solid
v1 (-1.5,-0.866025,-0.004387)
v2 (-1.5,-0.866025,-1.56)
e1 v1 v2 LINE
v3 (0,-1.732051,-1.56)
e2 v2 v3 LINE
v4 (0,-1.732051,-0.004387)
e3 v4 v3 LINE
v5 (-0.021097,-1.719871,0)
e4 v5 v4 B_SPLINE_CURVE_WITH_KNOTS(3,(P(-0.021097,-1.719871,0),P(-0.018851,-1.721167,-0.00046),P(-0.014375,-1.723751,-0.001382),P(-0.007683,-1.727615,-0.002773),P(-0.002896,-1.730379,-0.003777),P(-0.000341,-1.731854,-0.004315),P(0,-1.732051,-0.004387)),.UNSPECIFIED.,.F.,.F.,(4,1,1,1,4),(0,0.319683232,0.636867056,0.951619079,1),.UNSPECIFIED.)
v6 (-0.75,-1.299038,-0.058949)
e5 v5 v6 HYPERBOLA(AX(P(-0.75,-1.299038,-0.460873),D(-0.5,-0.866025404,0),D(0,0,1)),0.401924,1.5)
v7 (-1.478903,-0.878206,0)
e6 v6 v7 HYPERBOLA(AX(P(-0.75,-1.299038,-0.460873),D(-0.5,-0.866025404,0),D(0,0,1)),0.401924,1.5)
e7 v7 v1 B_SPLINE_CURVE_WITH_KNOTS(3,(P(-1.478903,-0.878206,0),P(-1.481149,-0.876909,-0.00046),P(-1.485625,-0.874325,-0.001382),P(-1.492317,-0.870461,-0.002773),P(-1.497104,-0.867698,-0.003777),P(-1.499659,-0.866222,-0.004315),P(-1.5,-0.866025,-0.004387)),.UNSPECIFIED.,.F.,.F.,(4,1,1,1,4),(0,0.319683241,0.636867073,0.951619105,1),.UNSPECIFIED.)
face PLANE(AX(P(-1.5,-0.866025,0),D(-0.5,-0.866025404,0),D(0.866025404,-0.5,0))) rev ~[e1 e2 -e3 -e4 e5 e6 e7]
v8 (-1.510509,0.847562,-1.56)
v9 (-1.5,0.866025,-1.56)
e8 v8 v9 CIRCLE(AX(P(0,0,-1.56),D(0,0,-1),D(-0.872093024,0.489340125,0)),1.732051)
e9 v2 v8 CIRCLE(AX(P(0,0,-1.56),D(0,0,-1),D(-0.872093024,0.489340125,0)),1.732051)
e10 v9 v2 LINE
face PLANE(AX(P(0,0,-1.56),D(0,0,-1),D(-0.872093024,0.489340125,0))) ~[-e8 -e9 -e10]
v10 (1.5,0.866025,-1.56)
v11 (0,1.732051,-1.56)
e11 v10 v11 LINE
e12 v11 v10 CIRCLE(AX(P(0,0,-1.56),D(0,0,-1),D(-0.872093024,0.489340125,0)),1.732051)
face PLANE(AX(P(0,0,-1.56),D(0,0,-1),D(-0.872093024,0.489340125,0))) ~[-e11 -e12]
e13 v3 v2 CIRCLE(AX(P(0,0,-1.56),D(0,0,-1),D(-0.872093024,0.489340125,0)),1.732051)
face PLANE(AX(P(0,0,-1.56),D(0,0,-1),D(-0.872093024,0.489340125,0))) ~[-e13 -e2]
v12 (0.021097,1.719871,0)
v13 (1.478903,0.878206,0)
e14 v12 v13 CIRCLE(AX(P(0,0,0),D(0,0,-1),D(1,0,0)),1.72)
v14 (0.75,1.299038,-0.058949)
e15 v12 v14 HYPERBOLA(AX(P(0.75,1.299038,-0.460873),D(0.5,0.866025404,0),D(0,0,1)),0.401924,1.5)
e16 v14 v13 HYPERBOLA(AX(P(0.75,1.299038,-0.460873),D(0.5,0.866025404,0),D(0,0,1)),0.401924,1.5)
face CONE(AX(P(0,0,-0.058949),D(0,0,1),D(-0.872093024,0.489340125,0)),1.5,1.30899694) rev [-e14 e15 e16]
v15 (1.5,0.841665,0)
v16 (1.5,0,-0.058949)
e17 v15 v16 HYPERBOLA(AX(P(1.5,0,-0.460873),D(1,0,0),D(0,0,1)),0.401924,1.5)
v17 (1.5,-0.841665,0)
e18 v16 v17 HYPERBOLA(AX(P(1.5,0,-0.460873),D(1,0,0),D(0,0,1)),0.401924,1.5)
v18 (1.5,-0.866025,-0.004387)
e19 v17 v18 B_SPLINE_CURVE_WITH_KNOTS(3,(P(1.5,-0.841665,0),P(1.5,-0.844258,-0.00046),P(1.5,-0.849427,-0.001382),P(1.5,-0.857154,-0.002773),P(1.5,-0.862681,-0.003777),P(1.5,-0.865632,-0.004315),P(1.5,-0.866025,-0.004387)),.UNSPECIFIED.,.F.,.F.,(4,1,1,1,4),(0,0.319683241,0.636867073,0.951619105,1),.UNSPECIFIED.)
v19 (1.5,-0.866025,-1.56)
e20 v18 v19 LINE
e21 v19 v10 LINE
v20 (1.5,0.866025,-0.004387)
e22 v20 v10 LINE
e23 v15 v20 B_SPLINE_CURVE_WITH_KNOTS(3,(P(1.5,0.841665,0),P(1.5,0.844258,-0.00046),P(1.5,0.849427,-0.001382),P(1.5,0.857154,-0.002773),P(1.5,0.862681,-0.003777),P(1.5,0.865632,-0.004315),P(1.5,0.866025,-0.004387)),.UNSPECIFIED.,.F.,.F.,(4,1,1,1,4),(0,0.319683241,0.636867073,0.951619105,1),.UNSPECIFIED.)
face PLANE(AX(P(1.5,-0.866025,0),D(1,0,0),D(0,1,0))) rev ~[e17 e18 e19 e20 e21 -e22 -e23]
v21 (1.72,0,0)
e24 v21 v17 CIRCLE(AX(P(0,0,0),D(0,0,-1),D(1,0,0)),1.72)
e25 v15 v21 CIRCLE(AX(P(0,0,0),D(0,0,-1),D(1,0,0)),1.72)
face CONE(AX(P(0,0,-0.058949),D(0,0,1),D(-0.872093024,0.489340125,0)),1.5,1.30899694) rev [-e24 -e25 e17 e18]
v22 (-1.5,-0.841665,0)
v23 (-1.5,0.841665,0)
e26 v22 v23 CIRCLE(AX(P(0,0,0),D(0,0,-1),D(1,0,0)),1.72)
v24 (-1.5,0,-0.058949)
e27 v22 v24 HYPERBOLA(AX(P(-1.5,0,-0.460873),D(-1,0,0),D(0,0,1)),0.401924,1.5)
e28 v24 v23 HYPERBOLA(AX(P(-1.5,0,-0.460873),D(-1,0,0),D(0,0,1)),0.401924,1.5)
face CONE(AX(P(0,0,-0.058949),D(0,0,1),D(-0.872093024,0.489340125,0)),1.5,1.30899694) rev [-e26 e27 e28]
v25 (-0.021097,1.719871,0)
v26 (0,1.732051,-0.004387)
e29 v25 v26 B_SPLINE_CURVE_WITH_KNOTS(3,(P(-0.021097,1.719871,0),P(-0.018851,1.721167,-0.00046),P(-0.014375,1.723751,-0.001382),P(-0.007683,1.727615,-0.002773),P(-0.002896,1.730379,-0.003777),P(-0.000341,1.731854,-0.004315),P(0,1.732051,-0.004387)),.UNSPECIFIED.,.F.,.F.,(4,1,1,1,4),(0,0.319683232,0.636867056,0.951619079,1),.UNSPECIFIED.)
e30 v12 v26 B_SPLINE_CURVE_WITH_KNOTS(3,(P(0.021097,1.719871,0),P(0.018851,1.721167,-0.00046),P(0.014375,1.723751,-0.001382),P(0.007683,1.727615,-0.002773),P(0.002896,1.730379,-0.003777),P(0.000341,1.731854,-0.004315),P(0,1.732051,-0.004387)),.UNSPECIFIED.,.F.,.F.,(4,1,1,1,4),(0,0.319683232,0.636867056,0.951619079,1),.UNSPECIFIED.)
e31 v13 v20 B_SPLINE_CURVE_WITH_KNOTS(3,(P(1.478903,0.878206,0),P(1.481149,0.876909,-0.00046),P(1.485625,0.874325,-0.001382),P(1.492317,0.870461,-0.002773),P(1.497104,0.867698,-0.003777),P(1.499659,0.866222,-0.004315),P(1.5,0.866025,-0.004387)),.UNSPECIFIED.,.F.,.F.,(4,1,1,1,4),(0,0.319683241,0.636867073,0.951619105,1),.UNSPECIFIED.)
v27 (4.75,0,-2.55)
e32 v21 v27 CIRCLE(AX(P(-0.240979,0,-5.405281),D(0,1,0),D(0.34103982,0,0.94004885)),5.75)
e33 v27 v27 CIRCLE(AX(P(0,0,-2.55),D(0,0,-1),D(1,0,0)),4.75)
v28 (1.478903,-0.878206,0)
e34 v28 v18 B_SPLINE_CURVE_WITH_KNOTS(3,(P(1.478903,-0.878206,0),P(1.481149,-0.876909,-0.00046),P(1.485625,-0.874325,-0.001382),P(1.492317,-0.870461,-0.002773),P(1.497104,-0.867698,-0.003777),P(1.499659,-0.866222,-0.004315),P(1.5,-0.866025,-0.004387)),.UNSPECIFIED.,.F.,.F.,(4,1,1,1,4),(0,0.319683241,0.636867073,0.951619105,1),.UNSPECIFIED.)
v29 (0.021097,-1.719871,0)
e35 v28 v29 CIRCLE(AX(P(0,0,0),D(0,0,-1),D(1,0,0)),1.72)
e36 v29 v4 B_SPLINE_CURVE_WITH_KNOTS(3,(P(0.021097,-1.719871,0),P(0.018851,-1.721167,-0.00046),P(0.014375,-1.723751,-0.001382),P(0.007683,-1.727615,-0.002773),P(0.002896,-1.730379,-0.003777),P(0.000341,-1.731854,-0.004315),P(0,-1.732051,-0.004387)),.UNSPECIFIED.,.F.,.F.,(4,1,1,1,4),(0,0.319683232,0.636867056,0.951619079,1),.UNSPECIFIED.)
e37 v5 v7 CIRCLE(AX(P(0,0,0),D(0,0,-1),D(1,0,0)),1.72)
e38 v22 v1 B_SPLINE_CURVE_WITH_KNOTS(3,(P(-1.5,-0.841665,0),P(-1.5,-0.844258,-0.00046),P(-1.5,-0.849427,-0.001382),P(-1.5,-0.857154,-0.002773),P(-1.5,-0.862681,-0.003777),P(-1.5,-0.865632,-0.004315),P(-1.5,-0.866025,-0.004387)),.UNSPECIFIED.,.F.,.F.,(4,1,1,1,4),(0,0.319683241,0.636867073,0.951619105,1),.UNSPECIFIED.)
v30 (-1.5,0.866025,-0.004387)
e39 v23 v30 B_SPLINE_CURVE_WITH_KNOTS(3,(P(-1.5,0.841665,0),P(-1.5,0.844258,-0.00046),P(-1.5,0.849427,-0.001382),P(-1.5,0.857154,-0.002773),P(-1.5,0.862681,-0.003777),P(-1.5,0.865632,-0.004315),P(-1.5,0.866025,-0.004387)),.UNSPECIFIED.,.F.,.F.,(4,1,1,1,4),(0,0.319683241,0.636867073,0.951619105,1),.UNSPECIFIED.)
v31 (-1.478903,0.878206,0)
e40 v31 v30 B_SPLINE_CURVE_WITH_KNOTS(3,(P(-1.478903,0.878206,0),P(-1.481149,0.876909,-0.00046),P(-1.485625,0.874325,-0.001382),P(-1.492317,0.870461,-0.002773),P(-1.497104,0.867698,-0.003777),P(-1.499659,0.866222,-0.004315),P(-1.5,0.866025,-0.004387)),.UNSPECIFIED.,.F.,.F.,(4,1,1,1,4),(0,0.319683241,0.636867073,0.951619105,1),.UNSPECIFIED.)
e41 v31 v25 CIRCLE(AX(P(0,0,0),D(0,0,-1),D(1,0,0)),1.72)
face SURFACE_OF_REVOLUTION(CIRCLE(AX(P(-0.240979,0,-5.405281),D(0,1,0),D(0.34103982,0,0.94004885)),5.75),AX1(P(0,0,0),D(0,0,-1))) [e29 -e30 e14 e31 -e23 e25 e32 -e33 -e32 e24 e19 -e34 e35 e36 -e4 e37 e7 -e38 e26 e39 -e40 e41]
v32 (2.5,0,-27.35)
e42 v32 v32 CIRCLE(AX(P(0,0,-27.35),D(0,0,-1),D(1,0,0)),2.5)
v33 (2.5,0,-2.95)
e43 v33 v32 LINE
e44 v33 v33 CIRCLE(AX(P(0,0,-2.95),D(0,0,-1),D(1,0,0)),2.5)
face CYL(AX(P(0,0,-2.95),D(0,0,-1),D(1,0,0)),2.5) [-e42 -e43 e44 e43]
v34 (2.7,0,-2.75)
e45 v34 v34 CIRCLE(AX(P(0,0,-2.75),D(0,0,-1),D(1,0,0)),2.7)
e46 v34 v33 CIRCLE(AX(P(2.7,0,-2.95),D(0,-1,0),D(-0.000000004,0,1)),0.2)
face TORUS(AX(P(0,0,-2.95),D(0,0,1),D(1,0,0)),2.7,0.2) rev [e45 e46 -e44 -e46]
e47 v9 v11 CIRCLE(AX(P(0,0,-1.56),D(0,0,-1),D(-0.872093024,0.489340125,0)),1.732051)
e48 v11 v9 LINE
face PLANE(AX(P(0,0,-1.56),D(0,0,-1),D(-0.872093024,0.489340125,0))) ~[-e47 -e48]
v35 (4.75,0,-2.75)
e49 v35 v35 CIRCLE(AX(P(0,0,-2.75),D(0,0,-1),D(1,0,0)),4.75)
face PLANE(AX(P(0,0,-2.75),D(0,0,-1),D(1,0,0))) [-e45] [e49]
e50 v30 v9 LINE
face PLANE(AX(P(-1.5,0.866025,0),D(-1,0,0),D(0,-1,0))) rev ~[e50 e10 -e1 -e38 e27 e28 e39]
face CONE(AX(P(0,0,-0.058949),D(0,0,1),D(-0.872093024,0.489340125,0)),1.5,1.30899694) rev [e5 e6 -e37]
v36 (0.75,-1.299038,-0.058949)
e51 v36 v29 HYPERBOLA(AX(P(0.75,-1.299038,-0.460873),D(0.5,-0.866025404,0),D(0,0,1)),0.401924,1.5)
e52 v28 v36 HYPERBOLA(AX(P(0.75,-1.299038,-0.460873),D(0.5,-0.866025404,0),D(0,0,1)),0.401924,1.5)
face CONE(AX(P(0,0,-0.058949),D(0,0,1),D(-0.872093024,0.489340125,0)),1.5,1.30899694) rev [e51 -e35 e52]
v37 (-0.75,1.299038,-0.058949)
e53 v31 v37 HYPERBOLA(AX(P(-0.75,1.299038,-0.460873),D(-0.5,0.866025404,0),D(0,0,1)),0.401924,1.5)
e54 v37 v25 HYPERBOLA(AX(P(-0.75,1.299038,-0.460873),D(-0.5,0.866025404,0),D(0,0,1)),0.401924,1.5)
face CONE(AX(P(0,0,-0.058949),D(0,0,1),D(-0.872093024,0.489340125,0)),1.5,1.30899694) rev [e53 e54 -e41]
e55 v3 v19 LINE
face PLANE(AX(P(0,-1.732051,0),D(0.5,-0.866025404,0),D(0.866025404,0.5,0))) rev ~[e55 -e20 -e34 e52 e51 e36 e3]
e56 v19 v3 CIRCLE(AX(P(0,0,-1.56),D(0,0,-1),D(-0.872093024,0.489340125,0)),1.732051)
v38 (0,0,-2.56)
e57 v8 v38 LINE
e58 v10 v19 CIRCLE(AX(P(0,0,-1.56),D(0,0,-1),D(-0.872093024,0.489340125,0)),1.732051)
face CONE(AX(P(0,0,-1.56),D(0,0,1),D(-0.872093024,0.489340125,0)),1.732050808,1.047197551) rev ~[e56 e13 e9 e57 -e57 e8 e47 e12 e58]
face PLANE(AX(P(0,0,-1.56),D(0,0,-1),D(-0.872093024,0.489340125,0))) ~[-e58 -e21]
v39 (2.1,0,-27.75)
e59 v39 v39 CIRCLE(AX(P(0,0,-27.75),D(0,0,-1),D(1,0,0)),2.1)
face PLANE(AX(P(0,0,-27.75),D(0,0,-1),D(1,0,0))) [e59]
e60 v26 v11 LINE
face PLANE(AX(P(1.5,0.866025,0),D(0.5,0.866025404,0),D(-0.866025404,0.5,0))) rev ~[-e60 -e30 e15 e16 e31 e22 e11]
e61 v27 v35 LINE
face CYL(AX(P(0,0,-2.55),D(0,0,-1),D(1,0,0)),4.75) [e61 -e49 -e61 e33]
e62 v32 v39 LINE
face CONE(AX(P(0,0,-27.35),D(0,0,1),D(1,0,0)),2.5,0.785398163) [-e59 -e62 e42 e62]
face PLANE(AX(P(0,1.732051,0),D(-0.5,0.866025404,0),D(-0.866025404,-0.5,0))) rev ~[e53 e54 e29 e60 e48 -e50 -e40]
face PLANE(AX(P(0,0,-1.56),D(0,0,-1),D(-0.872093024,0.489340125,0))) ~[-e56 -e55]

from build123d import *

# Parameters (mm, degrees)
CUT_EXTRUDE2_DEPTH = 1.56


with BuildPart() as part:
    # Sketch1 → Revolve1 (revolve)
    with BuildSketch(Plane(origin=(0, 0, 0), x_dir=(0, 0, -1), z_dir=(1, 0, 0)), mode=Mode.PRIVATE) as revolve1_sk:
        with BuildLine():
            Line((0, 0), (0, 1.72))
            ThreePointArc((0, 1.72), (1.005912159, 3.461460064), (2.55, 4.75))
            Line((2.55, 4.75), (2.75, 4.75))
            Line((2.75, 4.75), (2.75, 2.7))
            ThreePointArc((2.75, 2.7), (2.808578644, 2.558578644), (2.95, 2.5))
            Line((2.95, 2.5), (27.35, 2.5))
            Line((27.35, 2.5), (27.75, 2.1))
            Line((27.75, 2.1), (27.75, 0))
            Line((27.75, 0), (0, 0))
        make_face()
    revolve(revolve1_sk.sketch.rotate(Axis((0, 0, 0), (0, 0, -1)), 90), axis=Axis((0, 0, 0), (0, 0, -1)))

    # Sketch2 → Cut-Extrude2 (cut)
    with BuildSketch(Plane.XY):
        Polygon((0, -1.732050808), (1.5, -0.866025404), (1.5, 0.866025404), (0, 1.732050808), (-1.5, 0.866025404), (-1.5, -0.866025404), align=None)
    extrude(amount=-CUT_EXTRUDE2_DEPTH, mode=Mode.SUBTRACT)

    # Sketch5 → Cut-Revolve3 (revolve, cut)
    with BuildSketch(Plane(origin=(0, 0, 0), x_dir=(0, 0, -1), z_dir=(1, 0, 0)), mode=Mode.PRIVATE) as cut_revolve3_sk:
        Polygon((0.058948822, -1.5), (0, -1.72), (0, -1.5), align=None)
    revolve(cut_revolve3_sk.sketch.rotate(Axis((0, 0, 0), (0, 0, -1)), 119.297219146), axis=Axis((0, 0, 0), (0, 0, -1)), mode=Mode.SUBTRACT)

    # Sketch4 → Cut-Revolve2 (revolve, cut)
    with BuildSketch(Plane(origin=(0, 0, 0), x_dir=(0, 0, -1), z_dir=(1, 0, 0)), mode=Mode.PRIVATE) as cut_revolve2_sk:
        Polygon((1.56, 0), (1.56, -1.732050808), (2.56, 0), align=None)
    revolve(cut_revolve2_sk.sketch.rotate(Axis((0, 0, -1.56), (0, 0, -1)), 119.297219146), axis=Axis((0, 0, -1.56), (0, 0, -1)), mode=Mode.SUBTRACT)


solid = part.part
